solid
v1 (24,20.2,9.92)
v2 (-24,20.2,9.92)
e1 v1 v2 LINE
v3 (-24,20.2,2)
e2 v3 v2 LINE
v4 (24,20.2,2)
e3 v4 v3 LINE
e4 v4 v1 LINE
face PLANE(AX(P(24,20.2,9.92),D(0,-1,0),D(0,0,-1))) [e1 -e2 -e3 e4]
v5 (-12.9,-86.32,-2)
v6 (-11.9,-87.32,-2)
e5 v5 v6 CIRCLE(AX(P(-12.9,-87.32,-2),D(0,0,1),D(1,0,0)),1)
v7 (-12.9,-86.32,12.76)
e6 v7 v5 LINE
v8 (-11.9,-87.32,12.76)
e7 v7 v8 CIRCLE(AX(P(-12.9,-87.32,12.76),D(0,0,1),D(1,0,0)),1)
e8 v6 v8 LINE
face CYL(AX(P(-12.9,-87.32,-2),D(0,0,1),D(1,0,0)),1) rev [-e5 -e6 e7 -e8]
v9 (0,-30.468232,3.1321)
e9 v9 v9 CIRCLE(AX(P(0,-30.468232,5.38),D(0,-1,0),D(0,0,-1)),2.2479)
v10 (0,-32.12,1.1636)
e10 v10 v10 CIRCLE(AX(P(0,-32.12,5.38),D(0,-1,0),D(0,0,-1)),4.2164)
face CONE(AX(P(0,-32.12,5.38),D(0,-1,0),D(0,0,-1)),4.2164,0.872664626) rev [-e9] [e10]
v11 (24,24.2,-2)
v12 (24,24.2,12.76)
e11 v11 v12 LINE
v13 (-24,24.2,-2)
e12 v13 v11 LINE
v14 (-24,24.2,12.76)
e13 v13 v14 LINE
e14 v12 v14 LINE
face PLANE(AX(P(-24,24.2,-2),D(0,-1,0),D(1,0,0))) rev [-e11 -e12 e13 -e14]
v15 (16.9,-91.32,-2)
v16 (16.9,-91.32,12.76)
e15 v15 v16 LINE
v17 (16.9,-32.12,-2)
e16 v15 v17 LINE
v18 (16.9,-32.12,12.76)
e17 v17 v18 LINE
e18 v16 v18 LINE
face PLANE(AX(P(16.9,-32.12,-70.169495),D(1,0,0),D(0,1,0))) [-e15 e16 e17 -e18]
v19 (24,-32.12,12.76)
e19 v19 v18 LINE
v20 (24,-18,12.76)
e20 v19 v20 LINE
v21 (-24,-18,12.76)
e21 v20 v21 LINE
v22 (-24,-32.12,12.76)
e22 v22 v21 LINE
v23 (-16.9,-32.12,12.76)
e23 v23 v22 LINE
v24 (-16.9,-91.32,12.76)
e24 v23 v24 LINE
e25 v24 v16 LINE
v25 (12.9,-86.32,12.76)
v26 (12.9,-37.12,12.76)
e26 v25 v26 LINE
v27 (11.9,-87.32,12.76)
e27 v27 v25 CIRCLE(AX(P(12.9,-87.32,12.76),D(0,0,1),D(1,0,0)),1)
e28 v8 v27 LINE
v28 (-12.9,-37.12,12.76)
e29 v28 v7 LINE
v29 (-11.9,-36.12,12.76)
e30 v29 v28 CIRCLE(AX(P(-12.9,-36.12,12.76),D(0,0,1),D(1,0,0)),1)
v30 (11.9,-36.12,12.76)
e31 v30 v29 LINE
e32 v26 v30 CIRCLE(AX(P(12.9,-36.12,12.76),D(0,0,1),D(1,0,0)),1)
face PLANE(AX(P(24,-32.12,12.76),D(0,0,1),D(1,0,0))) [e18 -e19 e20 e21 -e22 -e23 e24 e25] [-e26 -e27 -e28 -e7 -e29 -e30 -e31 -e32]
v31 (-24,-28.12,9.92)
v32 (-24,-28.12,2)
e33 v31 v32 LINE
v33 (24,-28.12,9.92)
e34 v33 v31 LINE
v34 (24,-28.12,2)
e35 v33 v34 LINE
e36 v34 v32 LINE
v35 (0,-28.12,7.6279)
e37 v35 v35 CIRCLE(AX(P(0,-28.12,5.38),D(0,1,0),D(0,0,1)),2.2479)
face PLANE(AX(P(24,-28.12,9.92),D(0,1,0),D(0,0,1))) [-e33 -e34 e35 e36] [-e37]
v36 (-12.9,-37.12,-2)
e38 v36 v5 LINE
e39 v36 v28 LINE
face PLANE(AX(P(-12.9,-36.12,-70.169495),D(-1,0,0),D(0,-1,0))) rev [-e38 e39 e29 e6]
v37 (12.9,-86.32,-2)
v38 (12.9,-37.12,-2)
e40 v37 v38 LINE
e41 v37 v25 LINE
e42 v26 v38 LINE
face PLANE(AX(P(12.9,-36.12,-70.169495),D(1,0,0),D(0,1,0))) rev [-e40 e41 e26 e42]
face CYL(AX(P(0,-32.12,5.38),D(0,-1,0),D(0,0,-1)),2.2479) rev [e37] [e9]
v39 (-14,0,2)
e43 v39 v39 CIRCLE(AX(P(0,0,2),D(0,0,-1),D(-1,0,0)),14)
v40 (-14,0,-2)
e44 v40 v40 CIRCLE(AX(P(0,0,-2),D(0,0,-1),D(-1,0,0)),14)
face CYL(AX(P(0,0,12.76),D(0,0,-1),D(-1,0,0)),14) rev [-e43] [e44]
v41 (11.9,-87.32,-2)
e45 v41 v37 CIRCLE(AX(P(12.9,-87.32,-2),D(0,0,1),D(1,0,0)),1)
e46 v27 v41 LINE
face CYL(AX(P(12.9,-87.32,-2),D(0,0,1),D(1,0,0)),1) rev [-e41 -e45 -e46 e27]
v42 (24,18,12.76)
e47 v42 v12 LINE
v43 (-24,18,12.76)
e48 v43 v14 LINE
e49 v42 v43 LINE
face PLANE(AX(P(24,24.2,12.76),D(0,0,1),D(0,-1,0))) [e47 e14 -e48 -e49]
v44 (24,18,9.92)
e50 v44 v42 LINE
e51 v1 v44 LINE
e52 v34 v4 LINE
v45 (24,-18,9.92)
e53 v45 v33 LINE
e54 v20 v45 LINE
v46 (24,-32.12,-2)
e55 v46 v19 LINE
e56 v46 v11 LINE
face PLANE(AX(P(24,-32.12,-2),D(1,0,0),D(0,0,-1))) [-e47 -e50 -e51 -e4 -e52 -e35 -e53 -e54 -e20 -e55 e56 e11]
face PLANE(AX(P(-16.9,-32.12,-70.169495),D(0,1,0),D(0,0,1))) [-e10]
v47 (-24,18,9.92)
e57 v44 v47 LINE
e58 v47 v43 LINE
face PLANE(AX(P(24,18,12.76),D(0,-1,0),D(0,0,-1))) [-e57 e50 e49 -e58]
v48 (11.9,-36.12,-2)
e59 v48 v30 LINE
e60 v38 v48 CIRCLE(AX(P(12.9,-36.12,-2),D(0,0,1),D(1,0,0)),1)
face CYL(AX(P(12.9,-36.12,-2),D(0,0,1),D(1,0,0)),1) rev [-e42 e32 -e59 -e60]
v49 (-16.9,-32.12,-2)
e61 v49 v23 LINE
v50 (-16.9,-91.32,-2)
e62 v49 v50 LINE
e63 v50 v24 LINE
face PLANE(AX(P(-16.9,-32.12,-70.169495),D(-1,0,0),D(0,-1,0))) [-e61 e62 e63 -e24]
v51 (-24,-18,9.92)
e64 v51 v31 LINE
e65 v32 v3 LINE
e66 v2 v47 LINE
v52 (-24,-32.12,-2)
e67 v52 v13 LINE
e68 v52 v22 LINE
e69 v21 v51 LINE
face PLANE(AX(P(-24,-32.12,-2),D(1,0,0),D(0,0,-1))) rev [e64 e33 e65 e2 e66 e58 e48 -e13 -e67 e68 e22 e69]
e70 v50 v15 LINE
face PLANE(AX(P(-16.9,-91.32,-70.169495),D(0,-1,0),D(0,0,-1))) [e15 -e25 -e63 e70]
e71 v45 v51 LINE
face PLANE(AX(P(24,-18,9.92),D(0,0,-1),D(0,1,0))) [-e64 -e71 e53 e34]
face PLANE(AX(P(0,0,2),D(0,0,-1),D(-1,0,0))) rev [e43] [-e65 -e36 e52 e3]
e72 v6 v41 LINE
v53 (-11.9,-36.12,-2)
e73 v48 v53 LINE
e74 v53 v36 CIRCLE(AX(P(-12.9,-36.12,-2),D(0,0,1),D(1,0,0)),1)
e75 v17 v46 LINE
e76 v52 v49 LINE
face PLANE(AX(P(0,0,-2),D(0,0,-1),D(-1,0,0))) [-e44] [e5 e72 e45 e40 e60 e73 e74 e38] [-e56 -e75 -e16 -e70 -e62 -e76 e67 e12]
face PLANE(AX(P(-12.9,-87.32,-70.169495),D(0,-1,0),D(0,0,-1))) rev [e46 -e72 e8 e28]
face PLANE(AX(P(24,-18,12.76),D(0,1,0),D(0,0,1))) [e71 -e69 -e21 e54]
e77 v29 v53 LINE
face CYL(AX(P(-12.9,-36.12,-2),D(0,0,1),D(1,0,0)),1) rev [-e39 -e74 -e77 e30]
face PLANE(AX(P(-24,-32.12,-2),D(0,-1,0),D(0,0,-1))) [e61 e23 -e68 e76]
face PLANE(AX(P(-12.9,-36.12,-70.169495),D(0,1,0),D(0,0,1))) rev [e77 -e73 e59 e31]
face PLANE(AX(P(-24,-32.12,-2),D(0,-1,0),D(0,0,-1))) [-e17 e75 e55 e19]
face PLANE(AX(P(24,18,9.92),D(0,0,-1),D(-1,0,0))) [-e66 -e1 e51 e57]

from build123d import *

# Parameters (mm, degrees)
BOSS_EXTRUDE1_DEPTH                               = 2
BOSS_EXTRUDE1_DEPTH_BACK                          = 2
SKETCH1_W                                         = 48
SKETCH1_H                                         = 56.32
BOSS_EXTRUDE2_DEPTH                               = 48
SKETCH4_R                                         = 14
CUT_EXTRUDE1_DEPTH                                = 43.726478909
CSK_FOR_8_FLAT_HEAD_MACHINE_SCREW_100_D           = 4.4958
CSK_FOR_8_FLAT_HEAD_MACHINE_SCREW_100_DEPTH       = 8
CSK_FOR_8_FLAT_HEAD_MACHINE_SCREW_100_CSINK_D     = 8.4328
CSK_FOR_8_FLAT_HEAD_MACHINE_SCREW_100_CSINK_ANGLE = 100
CSK_FOR_8_FLAT_HEAD_MACHINE_SCREW_100_TIP         = 1.350674586
SKETCH13_W                                        = 33.8
SKETCH13_H                                        = 59.2
SKETCH13_W_2                                      = 25.8
SKETCH13_H_2                                      = 51.2
BOSS_EXTRUDE4_DEPTH                               = 14.76
SKETCH14_R                                        = 1
CUT_EXTRUDE5_DEPTH                                = 96.567776996


with BuildPart() as part:
    # Sketch1 → Boss-Extrude1 (new, two sides: drawn at the far end of the back side and taken through both)
    with BuildSketch(Plane.XY.offset(-BOSS_EXTRUDE1_DEPTH_BACK)):
        with Locations((0, -3.96)):
            Rectangle(SKETCH1_W, SKETCH1_H)
    extrude(amount=BOSS_EXTRUDE1_DEPTH + BOSS_EXTRUDE1_DEPTH_BACK)

    # Sketch3 → Boss-Extrude2 (add)
    with BuildSketch(Plane.ZY.offset(24)):
        Polygon((2, 24.2), (12.76, 24.2), (12.76, 18), (9.92, 18), (9.92, 20.2), (2, 20.2), align=None)
        Polygon((12.76, -18), (9.92, -18), (9.92, -28.12), (2, -28.12), (2, -32.12), (12.76, -32.12), align=None)
    extrude(amount=-BOSS_EXTRUDE2_DEPTH)

    # Sketch4 → Cut-Extrude1 (cut, through all)
    with BuildSketch(Plane(origin=(0, 0, -2), x_dir=(-1, 0, 0), z_dir=(0, 0, -1))):
        Circle(SKETCH4_R)
    extrude(amount=-CUT_EXTRUDE1_DEPTH, mode=Mode.SUBTRACT)

    # CSK for #8 Flat Head Machine Screw (100)1
    with Locations(Plane(origin=(0, -32.12, 0), x_dir=(-1, 0, 0), z_dir=(0, -1, 0))):
        with Locations((0, -5.38)):
            CounterSinkHole(CSK_FOR_8_FLAT_HEAD_MACHINE_SCREW_100_D / 2, CSK_FOR_8_FLAT_HEAD_MACHINE_SCREW_100_CSINK_D / 2, depth=CSK_FOR_8_FLAT_HEAD_MACHINE_SCREW_100_DEPTH, counter_sink_angle=CSK_FOR_8_FLAT_HEAD_MACHINE_SCREW_100_CSINK_ANGLE)
            with Locations((0, 0, -(CSK_FOR_8_FLAT_HEAD_MACHINE_SCREW_100_DEPTH + CSK_FOR_8_FLAT_HEAD_MACHINE_SCREW_100_TIP / 2))):  # 118° drill point
                Cone(0, CSK_FOR_8_FLAT_HEAD_MACHINE_SCREW_100_D / 2, CSK_FOR_8_FLAT_HEAD_MACHINE_SCREW_100_TIP, mode=Mode.SUBTRACT)

    # Sketch13 → Boss-Extrude4 (add)
    with BuildSketch(Plane.XY.offset(12.76)):
        with Locations((0, -61.72)):
            Rectangle(SKETCH13_W, SKETCH13_H)
        with Locations((0, -61.72)):
            Rectangle(SKETCH13_W_2, SKETCH13_H_2, mode=Mode.SUBTRACT)
    extrude(amount=-BOSS_EXTRUDE4_DEPTH)

    # Sketch14 → Cut-Extrude5 (cut, through all)
    with BuildSketch(Plane.XY.offset(12.76)):
        with Locations((-12.9, -36.12)):
            Circle(SKETCH14_R)
        with Locations((12.9, -36.12)):
            Circle(SKETCH14_R)
        with Locations((12.9, -87.32)):
            Circle(SKETCH14_R)
        with Locations((-12.9, -87.32)):
            Circle(SKETCH14_R)
    extrude(amount=-CUT_EXTRUDE5_DEPTH, mode=Mode.SUBTRACT)


solid = part.part
